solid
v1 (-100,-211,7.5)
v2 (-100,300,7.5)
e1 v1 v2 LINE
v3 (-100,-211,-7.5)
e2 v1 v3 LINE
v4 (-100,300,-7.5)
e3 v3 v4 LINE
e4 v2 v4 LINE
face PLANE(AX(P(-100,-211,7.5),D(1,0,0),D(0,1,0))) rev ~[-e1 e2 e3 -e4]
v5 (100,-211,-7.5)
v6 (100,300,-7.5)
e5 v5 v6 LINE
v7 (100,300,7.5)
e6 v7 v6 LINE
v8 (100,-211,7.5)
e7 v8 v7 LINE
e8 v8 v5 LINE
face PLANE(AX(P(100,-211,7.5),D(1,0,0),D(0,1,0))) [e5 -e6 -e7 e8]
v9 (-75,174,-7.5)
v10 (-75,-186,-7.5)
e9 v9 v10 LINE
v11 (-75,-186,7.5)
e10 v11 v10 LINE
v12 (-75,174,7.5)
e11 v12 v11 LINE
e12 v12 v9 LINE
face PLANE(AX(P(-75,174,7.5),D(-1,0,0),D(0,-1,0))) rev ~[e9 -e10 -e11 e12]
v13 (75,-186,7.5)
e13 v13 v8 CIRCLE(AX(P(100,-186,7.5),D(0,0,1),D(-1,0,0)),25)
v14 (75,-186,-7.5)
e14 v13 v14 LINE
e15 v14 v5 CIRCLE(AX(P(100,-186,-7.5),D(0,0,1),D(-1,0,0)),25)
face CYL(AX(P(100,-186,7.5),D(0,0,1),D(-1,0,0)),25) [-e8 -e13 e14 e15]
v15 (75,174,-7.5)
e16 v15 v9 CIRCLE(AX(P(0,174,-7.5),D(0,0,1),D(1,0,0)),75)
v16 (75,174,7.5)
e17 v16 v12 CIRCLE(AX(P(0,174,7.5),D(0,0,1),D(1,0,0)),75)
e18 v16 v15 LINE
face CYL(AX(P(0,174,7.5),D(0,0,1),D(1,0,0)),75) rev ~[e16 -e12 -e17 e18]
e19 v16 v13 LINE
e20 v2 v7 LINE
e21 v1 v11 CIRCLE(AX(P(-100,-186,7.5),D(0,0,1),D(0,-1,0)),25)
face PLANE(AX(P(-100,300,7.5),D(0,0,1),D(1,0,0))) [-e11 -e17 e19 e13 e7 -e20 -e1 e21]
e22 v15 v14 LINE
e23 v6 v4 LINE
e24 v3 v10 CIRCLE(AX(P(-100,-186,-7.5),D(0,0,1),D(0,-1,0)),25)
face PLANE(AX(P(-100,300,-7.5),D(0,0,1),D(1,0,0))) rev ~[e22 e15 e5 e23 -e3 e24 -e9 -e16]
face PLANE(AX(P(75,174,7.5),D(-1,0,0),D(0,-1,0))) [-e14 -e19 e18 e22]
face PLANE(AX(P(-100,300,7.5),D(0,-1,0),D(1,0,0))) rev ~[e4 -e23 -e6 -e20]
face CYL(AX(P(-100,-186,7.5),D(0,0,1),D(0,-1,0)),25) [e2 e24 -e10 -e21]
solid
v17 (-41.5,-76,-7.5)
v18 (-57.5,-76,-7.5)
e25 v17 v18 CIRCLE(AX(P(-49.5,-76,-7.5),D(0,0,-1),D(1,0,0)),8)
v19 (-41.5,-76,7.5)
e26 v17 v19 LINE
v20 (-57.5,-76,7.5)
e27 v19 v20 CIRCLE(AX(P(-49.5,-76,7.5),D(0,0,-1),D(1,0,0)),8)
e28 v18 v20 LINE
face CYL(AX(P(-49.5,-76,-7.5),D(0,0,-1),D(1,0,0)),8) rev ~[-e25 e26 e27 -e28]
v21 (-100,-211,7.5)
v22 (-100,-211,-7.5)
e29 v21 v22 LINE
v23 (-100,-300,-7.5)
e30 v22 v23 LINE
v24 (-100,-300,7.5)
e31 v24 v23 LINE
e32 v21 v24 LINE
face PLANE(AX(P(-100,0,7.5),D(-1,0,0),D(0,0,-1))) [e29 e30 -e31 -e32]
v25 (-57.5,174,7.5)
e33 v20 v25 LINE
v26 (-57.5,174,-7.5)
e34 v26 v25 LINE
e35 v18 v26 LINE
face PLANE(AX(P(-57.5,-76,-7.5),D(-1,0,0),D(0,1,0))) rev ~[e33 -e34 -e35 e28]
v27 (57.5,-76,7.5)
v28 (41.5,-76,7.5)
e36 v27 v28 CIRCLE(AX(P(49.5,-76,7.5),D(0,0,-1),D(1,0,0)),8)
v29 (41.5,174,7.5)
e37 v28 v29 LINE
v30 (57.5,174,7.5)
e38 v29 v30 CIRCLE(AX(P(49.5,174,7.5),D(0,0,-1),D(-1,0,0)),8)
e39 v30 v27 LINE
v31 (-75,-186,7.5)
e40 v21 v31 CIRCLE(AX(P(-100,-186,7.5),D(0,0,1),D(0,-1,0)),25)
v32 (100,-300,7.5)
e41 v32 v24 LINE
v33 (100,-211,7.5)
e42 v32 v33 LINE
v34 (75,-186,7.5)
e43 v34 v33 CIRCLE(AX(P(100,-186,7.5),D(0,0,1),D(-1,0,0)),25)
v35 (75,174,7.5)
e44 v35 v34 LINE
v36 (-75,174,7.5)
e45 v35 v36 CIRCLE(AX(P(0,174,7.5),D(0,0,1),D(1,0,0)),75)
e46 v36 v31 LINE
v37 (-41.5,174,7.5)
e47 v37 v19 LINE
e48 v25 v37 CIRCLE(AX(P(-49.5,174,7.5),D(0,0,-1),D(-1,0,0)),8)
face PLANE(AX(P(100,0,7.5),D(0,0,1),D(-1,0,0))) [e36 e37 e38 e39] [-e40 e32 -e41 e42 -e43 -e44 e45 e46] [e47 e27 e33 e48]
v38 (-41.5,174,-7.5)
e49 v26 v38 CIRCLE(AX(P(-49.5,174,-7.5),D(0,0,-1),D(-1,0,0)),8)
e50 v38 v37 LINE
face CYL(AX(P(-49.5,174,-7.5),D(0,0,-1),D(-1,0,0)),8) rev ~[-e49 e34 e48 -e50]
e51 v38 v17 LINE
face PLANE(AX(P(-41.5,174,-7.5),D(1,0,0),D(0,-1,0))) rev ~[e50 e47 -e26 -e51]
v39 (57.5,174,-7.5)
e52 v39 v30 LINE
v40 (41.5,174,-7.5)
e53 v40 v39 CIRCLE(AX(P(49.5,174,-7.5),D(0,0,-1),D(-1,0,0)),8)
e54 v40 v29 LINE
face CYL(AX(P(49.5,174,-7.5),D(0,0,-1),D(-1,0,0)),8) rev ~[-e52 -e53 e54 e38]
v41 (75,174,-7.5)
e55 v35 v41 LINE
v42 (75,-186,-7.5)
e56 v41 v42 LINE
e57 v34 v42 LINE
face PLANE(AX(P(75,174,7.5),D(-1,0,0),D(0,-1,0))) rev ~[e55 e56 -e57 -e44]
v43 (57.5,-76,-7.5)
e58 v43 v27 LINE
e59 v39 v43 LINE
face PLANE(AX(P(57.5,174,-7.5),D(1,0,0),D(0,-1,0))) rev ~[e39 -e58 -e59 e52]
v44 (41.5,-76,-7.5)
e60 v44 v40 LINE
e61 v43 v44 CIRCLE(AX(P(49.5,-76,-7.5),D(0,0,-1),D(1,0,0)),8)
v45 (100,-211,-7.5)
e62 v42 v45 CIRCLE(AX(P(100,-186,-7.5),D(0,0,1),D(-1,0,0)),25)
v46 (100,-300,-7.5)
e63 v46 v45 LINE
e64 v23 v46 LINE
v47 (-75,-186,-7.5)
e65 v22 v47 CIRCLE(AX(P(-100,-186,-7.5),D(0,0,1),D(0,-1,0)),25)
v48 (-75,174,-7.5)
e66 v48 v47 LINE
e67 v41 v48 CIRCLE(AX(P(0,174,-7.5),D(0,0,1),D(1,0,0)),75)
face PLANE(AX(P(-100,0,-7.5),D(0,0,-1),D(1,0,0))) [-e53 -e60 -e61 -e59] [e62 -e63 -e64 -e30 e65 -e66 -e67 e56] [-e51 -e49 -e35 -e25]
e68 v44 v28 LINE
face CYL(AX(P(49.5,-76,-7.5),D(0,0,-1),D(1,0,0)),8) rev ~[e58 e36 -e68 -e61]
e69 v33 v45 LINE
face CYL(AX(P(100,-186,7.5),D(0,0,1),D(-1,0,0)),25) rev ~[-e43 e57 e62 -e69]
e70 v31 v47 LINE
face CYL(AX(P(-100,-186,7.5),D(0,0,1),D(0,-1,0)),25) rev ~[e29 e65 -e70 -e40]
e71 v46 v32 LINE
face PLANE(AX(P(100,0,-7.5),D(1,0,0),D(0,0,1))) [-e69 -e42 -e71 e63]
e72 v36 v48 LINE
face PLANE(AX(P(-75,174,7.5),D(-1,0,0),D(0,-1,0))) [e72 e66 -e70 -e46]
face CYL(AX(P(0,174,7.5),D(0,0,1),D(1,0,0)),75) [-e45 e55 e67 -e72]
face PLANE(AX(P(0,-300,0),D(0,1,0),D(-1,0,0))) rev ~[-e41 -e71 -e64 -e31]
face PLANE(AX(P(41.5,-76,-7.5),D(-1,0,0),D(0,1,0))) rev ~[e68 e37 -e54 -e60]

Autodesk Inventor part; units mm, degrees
ref_plane "YZ Plane" through (0, 0, 0) normal (1, 0, 0) x (0, 1, 0)
ref_plane "XZ Plane" through (0, 0, 0) normal (0, 1, 0) x (-1, 0, 0)
ref_plane "XY Plane" through (0, 0, 0) normal (0, 0, 1) x (1, 0, 0)
sketch "Esboço1" plane through (0, 0, 0) normal (0, 1, 0) x (-1, 0, 0)
  line L0 (-100, 7.5) -> (100, 7.5)
  line L1 (100, 7.5) -> (100, -7.5)
  line L2 (100, -7.5) -> (-100, -7.5)
  line L3 (-100, -7.5) -> (-100, 7.5)
  line L4 (-100, 7.5) -> (100, -7.5) construction
  line L5 (100, 7.5) -> (-100, -7.5) construction
  point P0 (0, 0)
  dimension "d0" = 200
  dimension "d1" = 15
extrude "Extrusão1" add sketch "Esboço1" along normal mid plane 600
sketch "Esboço2" plane through (-100, 300, 7.5) normal (0, 0, 1) x (1, 0, 0)
  line L0 (0, 0) -> (200, 0) projected
  line L1 (100, 0) -> (100, 69.4125)
  line L2 (100, -51) -> (100, -126) construction
  line L3 (-27.4688, -551) -> (246.7453, -551) construction
  line L4 (200, -600) -> (0, -600) projected
  line L5 (25, -126) -> (25, -486)
  line L6 (175, -126) -> (175, -486)
  arc A0 (175, -126) -> (25, -126) centre (100, -126) ccw
  line L7 (200, -600) -> (200, 0) projected
  line L8 (0, -600) -> (0, 0) projected
  line L9 (0, -511) -> (25, -511) construction
  line L10 (175, -511) -> (200, -511) construction
  arc A1 (0, -511) -> (25, -486) centre (0, -486) ccw
  line L11 (25, -486) -> (25, -511) construction
  arc A2 (175, -486) -> (200, -511) centre (200, -486) ccw
  line L12 (175, -486) -> (175, -511) construction
  point P0 (100, -300)
  dimension "d7" = 49
  dimension "d9" = 150
  dimension "d10" = 500
  dimension "d11" = 40
extrude "Extrusão2" cut sketch "Esboço2" against normal up to surface (15 mm away) contours L0 L7 A2 L6 A0 L5 A1 L8
extrude "Extrusão3" add sketch "Esboço2" against normal up to surface (15 mm away) separate body contours L0 L7 A2 L6 A0 L5 A1 L8
sketch "Esboço3" plane through (100, -300, -7.5) normal (0, 0, -1) x (-1, 0, 0)
  arc A0 (58.5, 474) -> (42.5, 474) centre (50.5, 474) ccw
  arc A1 (157.5, 474) -> (141.5, 474) centre (149.5, 474) ccw
  line L0 (50.5, 474) -> (149.5, 474) construction
  arc A2 (175, 474) -> (25, 474) centre (100, 474) ccw projected
  line L1 (100, 474) -> (100, 578.5604) construction
  line L2 (100, 474) -> (100, 224) construction
  arc A3 (42.5, 224) -> (58.5, 224) centre (50.5, 224) ccw
  arc A4 (141.5, 224) -> (157.5, 224) centre (149.5, 224) ccw
  line L3 (50.5, 224) -> (149.5, 224) construction
  line L4 (42.5, 474) -> (42.5, 224)
  line L5 (58.5, 224) -> (58.5, 474)
  line L6 (141.5, 474) -> (141.5, 224)
  line L7 (157.5, 224) -> (157.5, 474)
  point P0 (100, 300)
  dimension "d16" = 16
  dimension "d17" = 16
  dimension "d18" = 99
  dimension "d19" = 16
  dimension "d20" = 16
  dimension "d21" = 99
  dimension "d22" = 250
extrude "Extrusão4" cut sketch "Esboço3" against normal up to surface (15 mm away)
sketch "Esboço4" plane through (-100, -300, 7.5) normal (0, 0, 1) x (1, 0, 0)
  arc A0 (141.5, 224) -> (157.5, 224) centre (149.5, 224) ccw projected
  arc A1 (157.5, 474) -> (141.5, 474) centre (149.5, 474) ccw projected
  line L0 (149.5, 224) -> (149.5, 474) construction
  line L1 (149.5, 349) -> (241.6244, 349) construction
  point P0 (100, 300)
properties part number "Painel Vertical"
